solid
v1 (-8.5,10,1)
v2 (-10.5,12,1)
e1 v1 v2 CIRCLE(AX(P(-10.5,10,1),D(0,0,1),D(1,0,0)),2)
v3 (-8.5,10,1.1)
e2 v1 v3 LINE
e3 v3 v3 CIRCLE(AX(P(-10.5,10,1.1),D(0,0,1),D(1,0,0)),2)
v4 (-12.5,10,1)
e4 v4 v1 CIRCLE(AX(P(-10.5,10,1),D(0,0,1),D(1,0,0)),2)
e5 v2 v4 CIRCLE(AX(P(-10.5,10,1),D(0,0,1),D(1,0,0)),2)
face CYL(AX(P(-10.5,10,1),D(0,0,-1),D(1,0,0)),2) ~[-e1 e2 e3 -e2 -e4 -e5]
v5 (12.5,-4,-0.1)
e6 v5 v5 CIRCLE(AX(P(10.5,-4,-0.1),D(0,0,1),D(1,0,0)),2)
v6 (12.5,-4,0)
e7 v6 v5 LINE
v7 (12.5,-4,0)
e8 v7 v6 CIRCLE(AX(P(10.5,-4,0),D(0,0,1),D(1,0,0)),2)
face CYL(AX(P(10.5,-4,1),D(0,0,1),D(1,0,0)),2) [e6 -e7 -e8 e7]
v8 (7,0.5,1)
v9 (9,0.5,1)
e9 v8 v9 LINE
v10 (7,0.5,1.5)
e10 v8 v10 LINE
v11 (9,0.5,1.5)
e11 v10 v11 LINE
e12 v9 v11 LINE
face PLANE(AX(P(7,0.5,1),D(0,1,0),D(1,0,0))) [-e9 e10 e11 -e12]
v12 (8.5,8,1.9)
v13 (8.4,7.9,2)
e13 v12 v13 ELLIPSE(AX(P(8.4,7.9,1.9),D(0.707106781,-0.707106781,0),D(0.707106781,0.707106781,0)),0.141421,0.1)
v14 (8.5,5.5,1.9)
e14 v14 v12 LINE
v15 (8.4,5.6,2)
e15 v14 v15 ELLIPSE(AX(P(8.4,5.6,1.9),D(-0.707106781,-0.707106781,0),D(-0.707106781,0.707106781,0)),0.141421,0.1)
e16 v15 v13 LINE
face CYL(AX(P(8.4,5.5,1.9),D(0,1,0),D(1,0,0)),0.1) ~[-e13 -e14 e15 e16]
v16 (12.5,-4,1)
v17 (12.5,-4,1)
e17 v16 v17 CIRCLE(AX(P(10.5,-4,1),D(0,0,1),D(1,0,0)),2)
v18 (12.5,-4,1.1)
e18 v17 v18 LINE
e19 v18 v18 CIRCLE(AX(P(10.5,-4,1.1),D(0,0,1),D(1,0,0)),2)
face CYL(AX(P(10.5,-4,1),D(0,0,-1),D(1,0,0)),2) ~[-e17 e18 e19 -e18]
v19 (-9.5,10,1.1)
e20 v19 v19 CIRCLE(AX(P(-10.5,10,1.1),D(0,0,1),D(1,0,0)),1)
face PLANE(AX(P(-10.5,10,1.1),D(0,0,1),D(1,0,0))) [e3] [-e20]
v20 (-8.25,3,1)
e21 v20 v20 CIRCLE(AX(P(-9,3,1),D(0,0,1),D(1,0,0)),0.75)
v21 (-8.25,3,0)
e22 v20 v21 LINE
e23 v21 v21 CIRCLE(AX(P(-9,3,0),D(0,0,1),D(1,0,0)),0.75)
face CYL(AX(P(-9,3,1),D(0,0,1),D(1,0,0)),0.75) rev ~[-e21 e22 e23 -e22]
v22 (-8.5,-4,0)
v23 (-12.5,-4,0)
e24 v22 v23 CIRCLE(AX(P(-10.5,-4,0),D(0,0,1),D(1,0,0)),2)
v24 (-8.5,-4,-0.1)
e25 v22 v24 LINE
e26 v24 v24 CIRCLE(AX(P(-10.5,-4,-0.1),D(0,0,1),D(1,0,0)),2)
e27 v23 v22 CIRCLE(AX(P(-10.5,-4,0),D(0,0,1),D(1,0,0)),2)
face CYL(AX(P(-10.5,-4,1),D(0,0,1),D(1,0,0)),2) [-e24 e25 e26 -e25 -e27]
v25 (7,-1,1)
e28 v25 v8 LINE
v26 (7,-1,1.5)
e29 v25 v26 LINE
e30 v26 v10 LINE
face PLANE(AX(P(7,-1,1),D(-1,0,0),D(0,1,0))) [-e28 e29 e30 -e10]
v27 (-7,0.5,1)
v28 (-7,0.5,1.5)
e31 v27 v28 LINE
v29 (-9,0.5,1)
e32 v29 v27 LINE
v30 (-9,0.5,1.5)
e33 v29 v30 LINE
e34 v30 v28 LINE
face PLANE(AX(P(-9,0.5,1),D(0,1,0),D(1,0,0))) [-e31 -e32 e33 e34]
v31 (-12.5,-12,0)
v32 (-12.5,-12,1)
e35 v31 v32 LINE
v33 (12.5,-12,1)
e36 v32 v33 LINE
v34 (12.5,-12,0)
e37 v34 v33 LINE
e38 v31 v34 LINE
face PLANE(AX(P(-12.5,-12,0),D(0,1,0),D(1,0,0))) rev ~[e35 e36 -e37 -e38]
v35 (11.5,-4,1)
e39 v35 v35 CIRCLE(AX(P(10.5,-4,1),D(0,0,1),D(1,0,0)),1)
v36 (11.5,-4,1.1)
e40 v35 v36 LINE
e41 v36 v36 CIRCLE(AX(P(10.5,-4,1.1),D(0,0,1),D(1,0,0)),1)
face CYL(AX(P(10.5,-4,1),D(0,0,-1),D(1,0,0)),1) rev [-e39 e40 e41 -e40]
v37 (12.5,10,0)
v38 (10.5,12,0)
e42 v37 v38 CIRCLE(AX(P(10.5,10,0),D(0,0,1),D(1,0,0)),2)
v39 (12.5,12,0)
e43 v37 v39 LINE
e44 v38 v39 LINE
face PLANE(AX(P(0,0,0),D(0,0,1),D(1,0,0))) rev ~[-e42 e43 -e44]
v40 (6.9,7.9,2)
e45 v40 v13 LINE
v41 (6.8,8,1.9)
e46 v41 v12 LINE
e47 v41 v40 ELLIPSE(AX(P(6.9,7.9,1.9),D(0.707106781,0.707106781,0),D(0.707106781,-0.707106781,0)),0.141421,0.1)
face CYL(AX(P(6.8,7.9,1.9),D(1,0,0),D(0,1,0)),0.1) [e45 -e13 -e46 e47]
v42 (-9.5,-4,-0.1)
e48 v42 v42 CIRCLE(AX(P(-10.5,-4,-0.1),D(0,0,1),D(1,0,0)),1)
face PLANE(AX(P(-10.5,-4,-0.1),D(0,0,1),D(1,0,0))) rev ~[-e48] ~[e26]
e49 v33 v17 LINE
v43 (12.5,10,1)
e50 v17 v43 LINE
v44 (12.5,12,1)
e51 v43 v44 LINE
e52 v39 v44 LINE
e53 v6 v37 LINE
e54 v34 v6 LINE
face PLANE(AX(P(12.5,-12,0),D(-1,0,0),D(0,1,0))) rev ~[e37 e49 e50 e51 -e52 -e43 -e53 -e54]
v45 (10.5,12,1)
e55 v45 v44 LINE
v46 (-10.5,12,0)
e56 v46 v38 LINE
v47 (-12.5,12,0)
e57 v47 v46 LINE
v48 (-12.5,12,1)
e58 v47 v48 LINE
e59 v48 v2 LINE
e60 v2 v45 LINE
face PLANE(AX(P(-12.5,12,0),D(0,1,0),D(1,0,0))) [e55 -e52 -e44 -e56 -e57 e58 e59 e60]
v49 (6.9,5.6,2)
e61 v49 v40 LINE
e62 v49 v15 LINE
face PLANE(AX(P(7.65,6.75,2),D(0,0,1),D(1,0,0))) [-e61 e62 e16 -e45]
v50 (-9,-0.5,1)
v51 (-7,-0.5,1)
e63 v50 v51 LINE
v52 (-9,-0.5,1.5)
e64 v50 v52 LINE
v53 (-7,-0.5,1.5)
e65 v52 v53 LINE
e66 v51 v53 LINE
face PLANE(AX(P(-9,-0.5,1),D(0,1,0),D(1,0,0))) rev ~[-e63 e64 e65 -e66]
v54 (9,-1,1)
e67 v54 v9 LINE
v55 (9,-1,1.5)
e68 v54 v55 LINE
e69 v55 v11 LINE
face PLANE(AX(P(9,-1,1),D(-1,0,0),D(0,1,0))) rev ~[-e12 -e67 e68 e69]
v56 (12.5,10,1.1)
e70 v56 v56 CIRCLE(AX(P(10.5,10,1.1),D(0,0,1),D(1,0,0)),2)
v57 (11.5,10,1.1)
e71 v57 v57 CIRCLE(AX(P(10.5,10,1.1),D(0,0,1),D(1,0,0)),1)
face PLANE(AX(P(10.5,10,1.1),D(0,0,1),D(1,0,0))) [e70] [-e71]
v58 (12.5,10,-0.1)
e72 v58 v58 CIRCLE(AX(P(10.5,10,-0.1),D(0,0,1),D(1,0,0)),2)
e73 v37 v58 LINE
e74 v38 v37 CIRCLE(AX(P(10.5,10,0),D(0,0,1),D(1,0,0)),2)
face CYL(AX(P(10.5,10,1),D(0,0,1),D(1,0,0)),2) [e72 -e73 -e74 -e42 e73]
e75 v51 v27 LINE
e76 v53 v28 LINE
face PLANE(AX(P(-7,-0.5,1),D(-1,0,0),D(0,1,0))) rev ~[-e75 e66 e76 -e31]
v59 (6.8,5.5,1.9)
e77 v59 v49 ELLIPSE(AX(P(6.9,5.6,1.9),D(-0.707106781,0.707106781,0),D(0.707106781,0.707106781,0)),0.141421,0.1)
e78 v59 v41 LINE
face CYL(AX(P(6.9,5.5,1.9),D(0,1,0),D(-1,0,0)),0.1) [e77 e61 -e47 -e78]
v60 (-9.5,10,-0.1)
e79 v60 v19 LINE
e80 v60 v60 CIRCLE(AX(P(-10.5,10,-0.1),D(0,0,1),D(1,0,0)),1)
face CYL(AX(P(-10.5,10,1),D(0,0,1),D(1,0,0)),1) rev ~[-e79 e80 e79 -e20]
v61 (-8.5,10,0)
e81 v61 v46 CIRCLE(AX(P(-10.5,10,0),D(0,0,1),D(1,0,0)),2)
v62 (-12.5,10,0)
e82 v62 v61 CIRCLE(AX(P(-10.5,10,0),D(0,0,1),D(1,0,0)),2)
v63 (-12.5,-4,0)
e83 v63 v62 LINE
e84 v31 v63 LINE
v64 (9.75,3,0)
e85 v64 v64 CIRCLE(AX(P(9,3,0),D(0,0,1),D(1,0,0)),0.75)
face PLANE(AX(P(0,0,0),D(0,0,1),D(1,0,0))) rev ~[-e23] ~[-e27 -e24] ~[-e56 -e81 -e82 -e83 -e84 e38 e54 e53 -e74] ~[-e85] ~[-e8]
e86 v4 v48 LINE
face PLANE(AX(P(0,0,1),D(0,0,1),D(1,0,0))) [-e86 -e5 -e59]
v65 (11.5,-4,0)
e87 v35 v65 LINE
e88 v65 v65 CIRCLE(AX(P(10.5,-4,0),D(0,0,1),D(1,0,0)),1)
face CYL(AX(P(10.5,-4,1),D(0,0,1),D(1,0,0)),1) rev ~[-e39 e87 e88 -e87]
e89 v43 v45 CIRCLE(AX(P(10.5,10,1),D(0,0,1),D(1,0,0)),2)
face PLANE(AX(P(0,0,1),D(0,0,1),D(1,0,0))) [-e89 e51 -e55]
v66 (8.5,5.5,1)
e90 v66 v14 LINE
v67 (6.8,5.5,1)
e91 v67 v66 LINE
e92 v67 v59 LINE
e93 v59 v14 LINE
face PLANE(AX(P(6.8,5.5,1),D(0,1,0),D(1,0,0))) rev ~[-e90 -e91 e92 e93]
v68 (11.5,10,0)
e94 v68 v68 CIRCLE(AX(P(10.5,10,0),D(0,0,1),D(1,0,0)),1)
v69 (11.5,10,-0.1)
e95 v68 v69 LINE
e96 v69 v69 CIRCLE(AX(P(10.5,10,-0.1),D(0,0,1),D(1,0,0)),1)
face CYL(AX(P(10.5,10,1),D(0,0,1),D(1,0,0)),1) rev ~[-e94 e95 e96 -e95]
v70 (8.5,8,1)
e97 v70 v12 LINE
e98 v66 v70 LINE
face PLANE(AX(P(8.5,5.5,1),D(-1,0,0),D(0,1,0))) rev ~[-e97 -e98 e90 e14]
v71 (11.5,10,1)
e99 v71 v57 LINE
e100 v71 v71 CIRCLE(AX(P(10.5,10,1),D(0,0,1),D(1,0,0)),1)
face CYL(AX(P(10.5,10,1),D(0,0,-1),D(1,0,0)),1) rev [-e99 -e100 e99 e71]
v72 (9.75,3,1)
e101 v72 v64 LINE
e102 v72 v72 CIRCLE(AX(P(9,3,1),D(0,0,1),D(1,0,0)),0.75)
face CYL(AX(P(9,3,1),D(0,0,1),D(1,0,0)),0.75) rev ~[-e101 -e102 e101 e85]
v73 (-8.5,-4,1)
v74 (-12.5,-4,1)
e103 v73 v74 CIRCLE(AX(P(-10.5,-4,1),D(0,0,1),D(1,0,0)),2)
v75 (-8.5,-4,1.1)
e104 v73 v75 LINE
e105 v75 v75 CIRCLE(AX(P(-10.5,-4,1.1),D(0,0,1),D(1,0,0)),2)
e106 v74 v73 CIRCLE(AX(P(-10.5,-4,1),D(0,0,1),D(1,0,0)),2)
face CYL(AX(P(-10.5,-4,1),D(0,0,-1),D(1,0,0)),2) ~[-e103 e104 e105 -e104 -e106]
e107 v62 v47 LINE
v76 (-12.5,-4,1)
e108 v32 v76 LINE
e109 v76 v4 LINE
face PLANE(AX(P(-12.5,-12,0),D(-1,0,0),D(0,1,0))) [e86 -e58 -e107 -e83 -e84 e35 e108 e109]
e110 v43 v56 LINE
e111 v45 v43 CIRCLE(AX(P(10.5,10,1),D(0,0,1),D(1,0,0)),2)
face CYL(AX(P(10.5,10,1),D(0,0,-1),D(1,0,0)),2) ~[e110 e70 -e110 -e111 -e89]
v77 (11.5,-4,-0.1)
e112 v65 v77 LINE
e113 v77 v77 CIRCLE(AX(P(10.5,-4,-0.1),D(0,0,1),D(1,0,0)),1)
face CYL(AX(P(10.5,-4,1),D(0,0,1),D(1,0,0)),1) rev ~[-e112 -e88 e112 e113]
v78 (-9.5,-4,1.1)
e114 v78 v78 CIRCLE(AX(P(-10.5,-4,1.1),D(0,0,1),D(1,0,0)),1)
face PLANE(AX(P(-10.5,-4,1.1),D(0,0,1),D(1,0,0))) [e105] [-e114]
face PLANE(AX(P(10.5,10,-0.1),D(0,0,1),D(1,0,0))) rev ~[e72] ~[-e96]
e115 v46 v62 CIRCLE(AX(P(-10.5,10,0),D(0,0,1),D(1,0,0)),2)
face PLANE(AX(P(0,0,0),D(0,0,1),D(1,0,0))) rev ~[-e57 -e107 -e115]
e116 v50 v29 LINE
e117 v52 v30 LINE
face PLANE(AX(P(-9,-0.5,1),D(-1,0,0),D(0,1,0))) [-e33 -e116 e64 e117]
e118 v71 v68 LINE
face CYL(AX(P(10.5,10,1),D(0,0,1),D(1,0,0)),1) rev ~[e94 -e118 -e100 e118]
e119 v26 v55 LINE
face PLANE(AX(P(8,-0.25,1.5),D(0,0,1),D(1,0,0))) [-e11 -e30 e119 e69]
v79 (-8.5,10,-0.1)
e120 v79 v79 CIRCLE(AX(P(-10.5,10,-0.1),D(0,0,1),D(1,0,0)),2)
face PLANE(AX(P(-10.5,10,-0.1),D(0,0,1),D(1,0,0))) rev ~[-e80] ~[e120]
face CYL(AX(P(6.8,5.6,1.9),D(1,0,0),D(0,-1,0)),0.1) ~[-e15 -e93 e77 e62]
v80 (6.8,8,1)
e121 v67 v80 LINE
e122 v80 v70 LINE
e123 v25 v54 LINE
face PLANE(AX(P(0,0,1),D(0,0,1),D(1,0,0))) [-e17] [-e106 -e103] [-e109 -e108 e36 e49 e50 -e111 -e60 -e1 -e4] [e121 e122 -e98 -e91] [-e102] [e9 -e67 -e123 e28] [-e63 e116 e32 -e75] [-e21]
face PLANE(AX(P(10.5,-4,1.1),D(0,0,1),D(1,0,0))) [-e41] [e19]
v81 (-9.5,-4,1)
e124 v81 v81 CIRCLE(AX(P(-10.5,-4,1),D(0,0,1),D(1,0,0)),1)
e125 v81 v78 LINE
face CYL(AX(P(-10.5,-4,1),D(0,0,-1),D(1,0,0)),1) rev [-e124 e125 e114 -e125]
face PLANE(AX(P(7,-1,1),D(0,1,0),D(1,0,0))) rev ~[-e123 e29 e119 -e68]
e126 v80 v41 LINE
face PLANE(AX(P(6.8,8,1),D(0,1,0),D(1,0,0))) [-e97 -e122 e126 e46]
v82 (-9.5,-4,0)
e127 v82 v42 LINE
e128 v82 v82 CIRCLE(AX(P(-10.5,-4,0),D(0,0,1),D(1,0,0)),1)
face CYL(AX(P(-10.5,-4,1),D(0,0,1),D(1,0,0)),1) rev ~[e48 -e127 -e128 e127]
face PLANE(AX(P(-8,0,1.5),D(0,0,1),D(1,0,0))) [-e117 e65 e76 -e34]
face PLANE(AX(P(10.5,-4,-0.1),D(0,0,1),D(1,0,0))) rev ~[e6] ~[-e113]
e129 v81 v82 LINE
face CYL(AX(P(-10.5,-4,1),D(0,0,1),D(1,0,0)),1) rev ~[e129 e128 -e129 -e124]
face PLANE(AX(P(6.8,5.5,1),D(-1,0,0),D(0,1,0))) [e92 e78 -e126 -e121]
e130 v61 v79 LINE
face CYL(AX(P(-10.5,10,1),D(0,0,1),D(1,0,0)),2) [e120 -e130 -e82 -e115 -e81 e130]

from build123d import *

# Parameters (mm, degrees)
SKETCH1_W                = 25
SKETCH1_H                = 24
BOSS_EXTRUDE1_DEPTH      = 1
SKETCH2_R                = 1
SKETCH2_R_2              = 0.75
CUT_EXTRUDE1_DEPTH       = 2
SKETCH3_R                = 2
SKETCH3_R_2              = 1
BOSS_EXTRUDE3_DEPTH      = 0.1
BOSS_EXTRUDE3_DEPTH_BACK = 1.1
SKETCH4_W                = 1.7
SKETCH4_H                = 2.5
BOSS_EXTRUDE4_DEPTH      = 1
FILLET1_R                = 0.1
SKETCH5_W                = 2
SKETCH5_H                = 1
SKETCH5_H_2              = 1.5
BOSS_EXTRUDE5_DEPTH      = 0.5


with BuildPart() as part:
    # Sketch1 → Boss-Extrude1 (new body)
    with BuildSketch(Plane.XY):
        Rectangle(SKETCH1_W, SKETCH1_H)
    extrude(amount=BOSS_EXTRUDE1_DEPTH)

    # Sketch2 → Cut-Extrude1 (cut)
    with BuildSketch(Plane.XY.offset(1)):
        with Locations((-10.5, 10)):
            Circle(SKETCH2_R)
        with Locations((10.5, 10)):
            Circle(SKETCH2_R)
        with Locations((10.5, -4)):
            Circle(SKETCH2_R)
        with Locations((-10.5, -4)):
            Circle(SKETCH2_R)
        with Locations((-9, 3)):
            Circle(SKETCH2_R_2)
        with Locations((9, 3)):
            Circle(SKETCH2_R_2)
    extrude(amount=-CUT_EXTRUDE1_DEPTH, mode=Mode.SUBTRACT)

    # Sketch3 → Boss-Extrude3 (add, two sides)
    with BuildSketch(Plane.XY.offset(1)) as boss_extrude3_sk:
        with Locations((-10.5, 10)):
            Circle(SKETCH3_R)
        with Locations((-10.5, 10)):
            Circle(SKETCH3_R_2, mode=Mode.SUBTRACT)
        with Locations((10.5, 10)):
            Circle(SKETCH3_R)
        with Locations((10.5, 10)):
            Circle(SKETCH3_R_2, mode=Mode.SUBTRACT)
        with Locations((10.5, -4)):
            Circle(SKETCH3_R)
        with Locations((10.5, -4)):
            Circle(SKETCH3_R_2, mode=Mode.SUBTRACT)
        with Locations((-10.5, -4)):
            Circle(SKETCH3_R)
        with Locations((-10.5, -4)):
            Circle(SKETCH3_R_2, mode=Mode.SUBTRACT)
    extrude(amount=BOSS_EXTRUDE3_DEPTH)
    extrude(boss_extrude3_sk.sketch, amount=-BOSS_EXTRUDE3_DEPTH_BACK)

    # Sketch4 → Boss-Extrude4 (add)
    with BuildSketch(Plane.XY.offset(1)):
        with Locations((7.65, 6.75)):
            Rectangle(SKETCH4_W, SKETCH4_H)
    extrude(amount=BOSS_EXTRUDE4_DEPTH)

    # Fillet1
    fillet1_edges = [part.edges().sort_by_distance(p)[0] for p in [
        (8.5, 6.75, 2),
        (7.65, 8, 2),
        (6.8, 6.75, 2),
        (7.65, 5.5, 2),
    ]]
    fillet(fillet1_edges, radius=FILLET1_R)

    # Sketch5 → Boss-Extrude5 (add)
    with BuildSketch(Plane.XY.offset(1)):
        with Locations((-8, 0)):
            Rectangle(SKETCH5_W, SKETCH5_H)
        with Locations((8, -0.25)):
            Rectangle(SKETCH5_W, SKETCH5_H_2)
    extrude(amount=BOSS_EXTRUDE5_DEPTH)


solid = part.part
